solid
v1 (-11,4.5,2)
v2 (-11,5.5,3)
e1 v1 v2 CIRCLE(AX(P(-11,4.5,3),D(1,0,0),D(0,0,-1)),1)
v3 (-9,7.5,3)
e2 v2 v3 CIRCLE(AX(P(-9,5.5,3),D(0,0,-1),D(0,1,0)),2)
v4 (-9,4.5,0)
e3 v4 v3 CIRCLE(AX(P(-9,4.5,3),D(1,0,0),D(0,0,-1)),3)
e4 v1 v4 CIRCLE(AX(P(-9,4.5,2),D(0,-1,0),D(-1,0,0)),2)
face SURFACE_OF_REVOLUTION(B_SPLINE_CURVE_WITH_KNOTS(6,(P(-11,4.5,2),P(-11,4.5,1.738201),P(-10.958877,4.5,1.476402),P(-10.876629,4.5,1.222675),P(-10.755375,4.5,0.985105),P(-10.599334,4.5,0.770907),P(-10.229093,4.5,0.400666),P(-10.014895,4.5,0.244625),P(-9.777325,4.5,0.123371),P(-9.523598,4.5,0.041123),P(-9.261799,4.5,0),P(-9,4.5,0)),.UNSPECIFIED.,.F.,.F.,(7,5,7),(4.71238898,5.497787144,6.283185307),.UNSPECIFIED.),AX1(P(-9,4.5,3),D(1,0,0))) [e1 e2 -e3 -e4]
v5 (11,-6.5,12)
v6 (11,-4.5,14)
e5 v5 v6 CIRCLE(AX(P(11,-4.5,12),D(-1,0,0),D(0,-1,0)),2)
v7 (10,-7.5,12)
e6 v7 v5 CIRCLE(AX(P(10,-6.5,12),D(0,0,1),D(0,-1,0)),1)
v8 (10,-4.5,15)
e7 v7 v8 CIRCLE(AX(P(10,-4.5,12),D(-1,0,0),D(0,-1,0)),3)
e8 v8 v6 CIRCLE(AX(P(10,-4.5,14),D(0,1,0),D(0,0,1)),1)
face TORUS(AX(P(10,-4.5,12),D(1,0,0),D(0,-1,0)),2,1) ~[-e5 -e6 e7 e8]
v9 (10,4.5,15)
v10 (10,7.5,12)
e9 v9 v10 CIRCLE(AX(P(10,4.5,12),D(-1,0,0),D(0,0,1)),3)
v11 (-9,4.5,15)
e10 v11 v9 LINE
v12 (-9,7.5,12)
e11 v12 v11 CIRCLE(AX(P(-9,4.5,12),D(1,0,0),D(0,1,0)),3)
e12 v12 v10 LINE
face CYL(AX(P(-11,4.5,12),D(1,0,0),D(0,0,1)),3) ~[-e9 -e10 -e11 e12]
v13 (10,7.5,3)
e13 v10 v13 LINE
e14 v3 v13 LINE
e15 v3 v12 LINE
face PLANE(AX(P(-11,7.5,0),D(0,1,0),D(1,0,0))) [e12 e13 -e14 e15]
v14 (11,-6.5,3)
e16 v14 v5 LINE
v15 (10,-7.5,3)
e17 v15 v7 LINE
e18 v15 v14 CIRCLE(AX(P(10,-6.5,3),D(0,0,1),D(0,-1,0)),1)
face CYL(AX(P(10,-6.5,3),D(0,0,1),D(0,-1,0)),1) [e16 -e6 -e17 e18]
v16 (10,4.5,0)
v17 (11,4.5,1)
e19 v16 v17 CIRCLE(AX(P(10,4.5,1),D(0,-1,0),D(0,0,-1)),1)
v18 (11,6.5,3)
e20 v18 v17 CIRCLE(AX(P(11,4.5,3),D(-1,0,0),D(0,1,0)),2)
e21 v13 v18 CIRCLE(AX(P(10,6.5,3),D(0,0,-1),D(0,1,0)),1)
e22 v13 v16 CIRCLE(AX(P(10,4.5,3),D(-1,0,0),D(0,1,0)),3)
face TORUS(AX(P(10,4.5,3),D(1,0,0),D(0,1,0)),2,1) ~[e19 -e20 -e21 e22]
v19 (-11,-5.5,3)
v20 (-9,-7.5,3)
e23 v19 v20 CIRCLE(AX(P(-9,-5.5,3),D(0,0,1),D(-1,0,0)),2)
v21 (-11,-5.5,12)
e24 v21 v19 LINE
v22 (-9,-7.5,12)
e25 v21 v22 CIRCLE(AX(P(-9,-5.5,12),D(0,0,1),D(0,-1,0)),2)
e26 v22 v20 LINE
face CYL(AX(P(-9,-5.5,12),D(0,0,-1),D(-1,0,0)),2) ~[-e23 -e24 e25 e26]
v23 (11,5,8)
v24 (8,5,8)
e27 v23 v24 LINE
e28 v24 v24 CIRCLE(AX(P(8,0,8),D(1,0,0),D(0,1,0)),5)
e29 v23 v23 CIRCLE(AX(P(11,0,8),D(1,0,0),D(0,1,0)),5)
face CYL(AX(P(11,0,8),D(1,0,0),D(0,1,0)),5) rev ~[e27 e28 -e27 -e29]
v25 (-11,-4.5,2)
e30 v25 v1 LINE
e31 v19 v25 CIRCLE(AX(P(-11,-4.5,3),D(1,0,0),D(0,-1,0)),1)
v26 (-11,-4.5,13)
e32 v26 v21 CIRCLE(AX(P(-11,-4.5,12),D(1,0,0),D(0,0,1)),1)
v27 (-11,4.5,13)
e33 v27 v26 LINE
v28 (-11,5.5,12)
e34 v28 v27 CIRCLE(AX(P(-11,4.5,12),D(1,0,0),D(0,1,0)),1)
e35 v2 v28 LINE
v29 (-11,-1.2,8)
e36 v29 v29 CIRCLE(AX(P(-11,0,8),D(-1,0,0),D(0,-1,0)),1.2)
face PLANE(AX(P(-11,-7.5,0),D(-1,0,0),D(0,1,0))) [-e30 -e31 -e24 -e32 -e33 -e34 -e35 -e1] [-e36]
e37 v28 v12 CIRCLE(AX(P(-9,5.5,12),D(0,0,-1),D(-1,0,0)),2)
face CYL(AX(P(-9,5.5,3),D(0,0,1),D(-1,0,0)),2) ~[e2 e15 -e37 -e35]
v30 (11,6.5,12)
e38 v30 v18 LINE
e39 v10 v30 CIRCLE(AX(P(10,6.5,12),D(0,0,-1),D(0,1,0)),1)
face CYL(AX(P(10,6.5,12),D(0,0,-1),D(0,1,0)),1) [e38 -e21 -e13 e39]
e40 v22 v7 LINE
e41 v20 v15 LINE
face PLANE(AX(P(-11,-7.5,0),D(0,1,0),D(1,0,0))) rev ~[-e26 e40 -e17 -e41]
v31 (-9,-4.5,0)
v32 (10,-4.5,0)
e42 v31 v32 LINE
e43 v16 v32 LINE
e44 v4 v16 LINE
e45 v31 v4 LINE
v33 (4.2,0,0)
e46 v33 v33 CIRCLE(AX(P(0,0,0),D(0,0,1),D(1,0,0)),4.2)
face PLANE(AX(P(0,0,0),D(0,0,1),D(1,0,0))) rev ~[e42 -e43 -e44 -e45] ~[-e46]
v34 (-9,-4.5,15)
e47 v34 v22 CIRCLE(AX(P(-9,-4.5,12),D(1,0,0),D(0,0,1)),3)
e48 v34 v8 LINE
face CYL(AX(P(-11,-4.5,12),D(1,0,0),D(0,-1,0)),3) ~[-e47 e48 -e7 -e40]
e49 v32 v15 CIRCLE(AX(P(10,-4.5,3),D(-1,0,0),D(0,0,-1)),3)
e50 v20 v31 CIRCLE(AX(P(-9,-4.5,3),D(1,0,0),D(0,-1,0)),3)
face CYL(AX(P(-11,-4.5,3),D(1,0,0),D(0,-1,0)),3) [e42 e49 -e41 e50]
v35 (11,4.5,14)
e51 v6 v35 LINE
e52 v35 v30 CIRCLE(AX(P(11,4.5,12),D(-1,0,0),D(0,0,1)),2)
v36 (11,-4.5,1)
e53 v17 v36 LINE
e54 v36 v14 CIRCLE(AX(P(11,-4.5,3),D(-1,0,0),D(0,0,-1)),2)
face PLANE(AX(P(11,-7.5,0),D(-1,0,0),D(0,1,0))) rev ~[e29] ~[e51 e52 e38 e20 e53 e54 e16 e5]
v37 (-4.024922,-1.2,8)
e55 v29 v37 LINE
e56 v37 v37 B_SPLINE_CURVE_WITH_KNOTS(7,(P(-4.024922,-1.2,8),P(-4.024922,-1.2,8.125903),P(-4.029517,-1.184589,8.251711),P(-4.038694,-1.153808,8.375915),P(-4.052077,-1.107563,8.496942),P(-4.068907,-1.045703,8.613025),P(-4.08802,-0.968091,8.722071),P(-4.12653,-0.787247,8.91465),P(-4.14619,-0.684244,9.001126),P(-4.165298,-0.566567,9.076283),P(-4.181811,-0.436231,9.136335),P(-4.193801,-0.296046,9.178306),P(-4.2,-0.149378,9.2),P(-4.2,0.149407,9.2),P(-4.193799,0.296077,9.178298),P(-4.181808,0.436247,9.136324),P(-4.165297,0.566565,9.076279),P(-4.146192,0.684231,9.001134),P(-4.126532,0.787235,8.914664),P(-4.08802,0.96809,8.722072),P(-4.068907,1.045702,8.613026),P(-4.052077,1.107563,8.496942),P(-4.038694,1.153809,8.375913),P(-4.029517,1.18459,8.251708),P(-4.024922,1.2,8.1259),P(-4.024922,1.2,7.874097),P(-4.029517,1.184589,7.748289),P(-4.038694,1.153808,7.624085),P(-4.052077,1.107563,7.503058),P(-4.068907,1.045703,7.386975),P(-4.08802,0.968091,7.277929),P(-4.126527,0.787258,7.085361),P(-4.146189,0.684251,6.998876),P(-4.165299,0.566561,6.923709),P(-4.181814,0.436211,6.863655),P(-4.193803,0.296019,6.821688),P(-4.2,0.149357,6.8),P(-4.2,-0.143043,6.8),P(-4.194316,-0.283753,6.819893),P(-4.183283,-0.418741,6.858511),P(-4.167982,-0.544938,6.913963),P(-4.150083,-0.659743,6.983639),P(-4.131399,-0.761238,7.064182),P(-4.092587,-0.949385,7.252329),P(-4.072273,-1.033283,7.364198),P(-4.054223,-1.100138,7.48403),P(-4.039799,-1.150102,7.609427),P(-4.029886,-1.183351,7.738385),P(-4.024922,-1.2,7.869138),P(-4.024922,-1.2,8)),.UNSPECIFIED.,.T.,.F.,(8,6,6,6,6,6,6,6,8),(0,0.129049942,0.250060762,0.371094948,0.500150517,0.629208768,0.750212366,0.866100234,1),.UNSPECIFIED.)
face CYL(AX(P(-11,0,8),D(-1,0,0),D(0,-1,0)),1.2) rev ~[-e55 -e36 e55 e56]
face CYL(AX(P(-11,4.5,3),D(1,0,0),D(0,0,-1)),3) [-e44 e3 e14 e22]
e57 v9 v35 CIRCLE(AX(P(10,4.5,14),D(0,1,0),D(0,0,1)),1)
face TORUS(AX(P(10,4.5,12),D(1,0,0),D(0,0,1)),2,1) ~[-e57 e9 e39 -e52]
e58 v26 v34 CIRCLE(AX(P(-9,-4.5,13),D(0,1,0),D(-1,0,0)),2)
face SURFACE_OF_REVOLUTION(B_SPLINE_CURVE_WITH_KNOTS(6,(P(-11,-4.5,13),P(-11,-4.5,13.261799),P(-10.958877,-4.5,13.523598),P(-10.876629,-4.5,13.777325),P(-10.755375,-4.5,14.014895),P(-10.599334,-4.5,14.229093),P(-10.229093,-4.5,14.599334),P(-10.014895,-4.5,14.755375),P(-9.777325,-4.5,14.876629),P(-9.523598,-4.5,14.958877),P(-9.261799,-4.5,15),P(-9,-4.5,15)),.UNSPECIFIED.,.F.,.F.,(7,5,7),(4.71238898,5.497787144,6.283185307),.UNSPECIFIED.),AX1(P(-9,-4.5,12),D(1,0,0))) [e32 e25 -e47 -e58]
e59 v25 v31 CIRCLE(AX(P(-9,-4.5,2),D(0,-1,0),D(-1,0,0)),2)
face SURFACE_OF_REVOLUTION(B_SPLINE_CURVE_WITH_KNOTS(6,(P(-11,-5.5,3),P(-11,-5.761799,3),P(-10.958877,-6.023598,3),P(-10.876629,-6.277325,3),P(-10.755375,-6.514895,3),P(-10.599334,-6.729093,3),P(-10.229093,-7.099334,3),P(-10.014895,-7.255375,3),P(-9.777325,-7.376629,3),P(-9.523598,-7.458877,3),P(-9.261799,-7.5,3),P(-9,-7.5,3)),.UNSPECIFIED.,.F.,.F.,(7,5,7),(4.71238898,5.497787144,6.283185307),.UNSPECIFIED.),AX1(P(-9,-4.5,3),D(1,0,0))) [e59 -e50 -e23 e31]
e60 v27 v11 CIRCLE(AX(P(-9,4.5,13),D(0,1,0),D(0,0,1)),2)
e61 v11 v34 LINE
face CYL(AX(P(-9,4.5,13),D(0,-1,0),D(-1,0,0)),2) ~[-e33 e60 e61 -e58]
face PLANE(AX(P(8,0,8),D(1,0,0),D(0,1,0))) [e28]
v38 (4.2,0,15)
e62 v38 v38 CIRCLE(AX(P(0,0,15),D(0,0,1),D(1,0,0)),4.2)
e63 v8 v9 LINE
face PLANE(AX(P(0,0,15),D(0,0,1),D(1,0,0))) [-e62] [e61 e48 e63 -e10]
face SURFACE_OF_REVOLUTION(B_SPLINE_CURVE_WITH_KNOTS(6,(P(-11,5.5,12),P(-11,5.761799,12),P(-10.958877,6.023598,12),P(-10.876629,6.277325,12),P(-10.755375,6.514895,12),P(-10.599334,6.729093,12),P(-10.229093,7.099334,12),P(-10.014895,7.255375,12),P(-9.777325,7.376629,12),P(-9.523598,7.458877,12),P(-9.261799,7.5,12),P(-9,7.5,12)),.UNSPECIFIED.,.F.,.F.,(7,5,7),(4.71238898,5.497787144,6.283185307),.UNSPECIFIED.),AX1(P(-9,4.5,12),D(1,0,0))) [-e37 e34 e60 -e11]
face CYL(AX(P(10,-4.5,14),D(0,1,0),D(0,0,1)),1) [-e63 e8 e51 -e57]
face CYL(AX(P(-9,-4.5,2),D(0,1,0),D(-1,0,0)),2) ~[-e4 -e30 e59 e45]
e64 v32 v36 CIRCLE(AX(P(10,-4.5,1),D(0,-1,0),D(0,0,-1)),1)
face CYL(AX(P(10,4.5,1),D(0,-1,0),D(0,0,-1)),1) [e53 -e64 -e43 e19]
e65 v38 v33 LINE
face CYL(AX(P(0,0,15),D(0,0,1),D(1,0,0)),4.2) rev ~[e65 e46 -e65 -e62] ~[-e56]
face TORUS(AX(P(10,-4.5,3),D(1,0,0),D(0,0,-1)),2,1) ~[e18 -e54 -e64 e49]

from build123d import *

# Parameters (mm, degrees)
SKETCH_W        = 22
SKETCH_H        = 15
PAD_DEPTH       = 15
SKETCH001_R     = 4.2
POCKET_DEPTH    = 15.001
SKETCH002_R     = 5
POCKET001_DEPTH = 3
SKETCH003_R     = 1.2
POCKET002_DEPTH = 10
FILLET_R        = 3
FILLET001_R     = 1
FILLET002_R     = 2


with BuildPart() as part:
    # Sketch → Pad (new body)
    with BuildSketch(Plane.XY):
        Rectangle(SKETCH_W, SKETCH_H)
    extrude(amount=PAD_DEPTH)

    # Sketch001 → Pocket (cut, through all)
    with BuildSketch(Plane.XY.offset(15)):
        Circle(SKETCH001_R)
    extrude(amount=-POCKET_DEPTH, mode=Mode.SUBTRACT)

    # Sketch002 → Pocket001 (cut)
    with BuildSketch(Plane.YZ.offset(11)):
        with Locations((0, 8)):
            Circle(SKETCH002_R)
    extrude(amount=-POCKET001_DEPTH, mode=Mode.SUBTRACT)

    # Sketch003 → Pocket002 (cut)
    with BuildSketch(Plane(origin=(-11, 0, 0), x_dir=(0, -1, 0), z_dir=(-1, 0, 0))):
        with Locations((0, 8)):
            Circle(SKETCH003_R)
    extrude(amount=-POCKET002_DEPTH, mode=Mode.SUBTRACT)

    # Fillet
    fillet_edges = [part.edges().sort_by_distance(p)[0] for p in [
        (0, -7.5, 15),
        (0, -7.5, 0),
        (0, 7.5, 15),
        (0, 7.5, 0),
    ]]
    fillet(fillet_edges, radius=FILLET_R)

    # Fillet001
    fillet001_edges = [part.edges().sort_by_distance(p)[0] for p in [
        (11, 0, 15),
    ]]
    fillet(fillet001_edges, radius=FILLET001_R)

    # Fillet002
    fillet002_edges = [part.edges().sort_by_distance(p)[0] for p in [
        (-11, 0, 0),
    ]]
    fillet(fillet002_edges, radius=FILLET002_R)


solid = part.part
